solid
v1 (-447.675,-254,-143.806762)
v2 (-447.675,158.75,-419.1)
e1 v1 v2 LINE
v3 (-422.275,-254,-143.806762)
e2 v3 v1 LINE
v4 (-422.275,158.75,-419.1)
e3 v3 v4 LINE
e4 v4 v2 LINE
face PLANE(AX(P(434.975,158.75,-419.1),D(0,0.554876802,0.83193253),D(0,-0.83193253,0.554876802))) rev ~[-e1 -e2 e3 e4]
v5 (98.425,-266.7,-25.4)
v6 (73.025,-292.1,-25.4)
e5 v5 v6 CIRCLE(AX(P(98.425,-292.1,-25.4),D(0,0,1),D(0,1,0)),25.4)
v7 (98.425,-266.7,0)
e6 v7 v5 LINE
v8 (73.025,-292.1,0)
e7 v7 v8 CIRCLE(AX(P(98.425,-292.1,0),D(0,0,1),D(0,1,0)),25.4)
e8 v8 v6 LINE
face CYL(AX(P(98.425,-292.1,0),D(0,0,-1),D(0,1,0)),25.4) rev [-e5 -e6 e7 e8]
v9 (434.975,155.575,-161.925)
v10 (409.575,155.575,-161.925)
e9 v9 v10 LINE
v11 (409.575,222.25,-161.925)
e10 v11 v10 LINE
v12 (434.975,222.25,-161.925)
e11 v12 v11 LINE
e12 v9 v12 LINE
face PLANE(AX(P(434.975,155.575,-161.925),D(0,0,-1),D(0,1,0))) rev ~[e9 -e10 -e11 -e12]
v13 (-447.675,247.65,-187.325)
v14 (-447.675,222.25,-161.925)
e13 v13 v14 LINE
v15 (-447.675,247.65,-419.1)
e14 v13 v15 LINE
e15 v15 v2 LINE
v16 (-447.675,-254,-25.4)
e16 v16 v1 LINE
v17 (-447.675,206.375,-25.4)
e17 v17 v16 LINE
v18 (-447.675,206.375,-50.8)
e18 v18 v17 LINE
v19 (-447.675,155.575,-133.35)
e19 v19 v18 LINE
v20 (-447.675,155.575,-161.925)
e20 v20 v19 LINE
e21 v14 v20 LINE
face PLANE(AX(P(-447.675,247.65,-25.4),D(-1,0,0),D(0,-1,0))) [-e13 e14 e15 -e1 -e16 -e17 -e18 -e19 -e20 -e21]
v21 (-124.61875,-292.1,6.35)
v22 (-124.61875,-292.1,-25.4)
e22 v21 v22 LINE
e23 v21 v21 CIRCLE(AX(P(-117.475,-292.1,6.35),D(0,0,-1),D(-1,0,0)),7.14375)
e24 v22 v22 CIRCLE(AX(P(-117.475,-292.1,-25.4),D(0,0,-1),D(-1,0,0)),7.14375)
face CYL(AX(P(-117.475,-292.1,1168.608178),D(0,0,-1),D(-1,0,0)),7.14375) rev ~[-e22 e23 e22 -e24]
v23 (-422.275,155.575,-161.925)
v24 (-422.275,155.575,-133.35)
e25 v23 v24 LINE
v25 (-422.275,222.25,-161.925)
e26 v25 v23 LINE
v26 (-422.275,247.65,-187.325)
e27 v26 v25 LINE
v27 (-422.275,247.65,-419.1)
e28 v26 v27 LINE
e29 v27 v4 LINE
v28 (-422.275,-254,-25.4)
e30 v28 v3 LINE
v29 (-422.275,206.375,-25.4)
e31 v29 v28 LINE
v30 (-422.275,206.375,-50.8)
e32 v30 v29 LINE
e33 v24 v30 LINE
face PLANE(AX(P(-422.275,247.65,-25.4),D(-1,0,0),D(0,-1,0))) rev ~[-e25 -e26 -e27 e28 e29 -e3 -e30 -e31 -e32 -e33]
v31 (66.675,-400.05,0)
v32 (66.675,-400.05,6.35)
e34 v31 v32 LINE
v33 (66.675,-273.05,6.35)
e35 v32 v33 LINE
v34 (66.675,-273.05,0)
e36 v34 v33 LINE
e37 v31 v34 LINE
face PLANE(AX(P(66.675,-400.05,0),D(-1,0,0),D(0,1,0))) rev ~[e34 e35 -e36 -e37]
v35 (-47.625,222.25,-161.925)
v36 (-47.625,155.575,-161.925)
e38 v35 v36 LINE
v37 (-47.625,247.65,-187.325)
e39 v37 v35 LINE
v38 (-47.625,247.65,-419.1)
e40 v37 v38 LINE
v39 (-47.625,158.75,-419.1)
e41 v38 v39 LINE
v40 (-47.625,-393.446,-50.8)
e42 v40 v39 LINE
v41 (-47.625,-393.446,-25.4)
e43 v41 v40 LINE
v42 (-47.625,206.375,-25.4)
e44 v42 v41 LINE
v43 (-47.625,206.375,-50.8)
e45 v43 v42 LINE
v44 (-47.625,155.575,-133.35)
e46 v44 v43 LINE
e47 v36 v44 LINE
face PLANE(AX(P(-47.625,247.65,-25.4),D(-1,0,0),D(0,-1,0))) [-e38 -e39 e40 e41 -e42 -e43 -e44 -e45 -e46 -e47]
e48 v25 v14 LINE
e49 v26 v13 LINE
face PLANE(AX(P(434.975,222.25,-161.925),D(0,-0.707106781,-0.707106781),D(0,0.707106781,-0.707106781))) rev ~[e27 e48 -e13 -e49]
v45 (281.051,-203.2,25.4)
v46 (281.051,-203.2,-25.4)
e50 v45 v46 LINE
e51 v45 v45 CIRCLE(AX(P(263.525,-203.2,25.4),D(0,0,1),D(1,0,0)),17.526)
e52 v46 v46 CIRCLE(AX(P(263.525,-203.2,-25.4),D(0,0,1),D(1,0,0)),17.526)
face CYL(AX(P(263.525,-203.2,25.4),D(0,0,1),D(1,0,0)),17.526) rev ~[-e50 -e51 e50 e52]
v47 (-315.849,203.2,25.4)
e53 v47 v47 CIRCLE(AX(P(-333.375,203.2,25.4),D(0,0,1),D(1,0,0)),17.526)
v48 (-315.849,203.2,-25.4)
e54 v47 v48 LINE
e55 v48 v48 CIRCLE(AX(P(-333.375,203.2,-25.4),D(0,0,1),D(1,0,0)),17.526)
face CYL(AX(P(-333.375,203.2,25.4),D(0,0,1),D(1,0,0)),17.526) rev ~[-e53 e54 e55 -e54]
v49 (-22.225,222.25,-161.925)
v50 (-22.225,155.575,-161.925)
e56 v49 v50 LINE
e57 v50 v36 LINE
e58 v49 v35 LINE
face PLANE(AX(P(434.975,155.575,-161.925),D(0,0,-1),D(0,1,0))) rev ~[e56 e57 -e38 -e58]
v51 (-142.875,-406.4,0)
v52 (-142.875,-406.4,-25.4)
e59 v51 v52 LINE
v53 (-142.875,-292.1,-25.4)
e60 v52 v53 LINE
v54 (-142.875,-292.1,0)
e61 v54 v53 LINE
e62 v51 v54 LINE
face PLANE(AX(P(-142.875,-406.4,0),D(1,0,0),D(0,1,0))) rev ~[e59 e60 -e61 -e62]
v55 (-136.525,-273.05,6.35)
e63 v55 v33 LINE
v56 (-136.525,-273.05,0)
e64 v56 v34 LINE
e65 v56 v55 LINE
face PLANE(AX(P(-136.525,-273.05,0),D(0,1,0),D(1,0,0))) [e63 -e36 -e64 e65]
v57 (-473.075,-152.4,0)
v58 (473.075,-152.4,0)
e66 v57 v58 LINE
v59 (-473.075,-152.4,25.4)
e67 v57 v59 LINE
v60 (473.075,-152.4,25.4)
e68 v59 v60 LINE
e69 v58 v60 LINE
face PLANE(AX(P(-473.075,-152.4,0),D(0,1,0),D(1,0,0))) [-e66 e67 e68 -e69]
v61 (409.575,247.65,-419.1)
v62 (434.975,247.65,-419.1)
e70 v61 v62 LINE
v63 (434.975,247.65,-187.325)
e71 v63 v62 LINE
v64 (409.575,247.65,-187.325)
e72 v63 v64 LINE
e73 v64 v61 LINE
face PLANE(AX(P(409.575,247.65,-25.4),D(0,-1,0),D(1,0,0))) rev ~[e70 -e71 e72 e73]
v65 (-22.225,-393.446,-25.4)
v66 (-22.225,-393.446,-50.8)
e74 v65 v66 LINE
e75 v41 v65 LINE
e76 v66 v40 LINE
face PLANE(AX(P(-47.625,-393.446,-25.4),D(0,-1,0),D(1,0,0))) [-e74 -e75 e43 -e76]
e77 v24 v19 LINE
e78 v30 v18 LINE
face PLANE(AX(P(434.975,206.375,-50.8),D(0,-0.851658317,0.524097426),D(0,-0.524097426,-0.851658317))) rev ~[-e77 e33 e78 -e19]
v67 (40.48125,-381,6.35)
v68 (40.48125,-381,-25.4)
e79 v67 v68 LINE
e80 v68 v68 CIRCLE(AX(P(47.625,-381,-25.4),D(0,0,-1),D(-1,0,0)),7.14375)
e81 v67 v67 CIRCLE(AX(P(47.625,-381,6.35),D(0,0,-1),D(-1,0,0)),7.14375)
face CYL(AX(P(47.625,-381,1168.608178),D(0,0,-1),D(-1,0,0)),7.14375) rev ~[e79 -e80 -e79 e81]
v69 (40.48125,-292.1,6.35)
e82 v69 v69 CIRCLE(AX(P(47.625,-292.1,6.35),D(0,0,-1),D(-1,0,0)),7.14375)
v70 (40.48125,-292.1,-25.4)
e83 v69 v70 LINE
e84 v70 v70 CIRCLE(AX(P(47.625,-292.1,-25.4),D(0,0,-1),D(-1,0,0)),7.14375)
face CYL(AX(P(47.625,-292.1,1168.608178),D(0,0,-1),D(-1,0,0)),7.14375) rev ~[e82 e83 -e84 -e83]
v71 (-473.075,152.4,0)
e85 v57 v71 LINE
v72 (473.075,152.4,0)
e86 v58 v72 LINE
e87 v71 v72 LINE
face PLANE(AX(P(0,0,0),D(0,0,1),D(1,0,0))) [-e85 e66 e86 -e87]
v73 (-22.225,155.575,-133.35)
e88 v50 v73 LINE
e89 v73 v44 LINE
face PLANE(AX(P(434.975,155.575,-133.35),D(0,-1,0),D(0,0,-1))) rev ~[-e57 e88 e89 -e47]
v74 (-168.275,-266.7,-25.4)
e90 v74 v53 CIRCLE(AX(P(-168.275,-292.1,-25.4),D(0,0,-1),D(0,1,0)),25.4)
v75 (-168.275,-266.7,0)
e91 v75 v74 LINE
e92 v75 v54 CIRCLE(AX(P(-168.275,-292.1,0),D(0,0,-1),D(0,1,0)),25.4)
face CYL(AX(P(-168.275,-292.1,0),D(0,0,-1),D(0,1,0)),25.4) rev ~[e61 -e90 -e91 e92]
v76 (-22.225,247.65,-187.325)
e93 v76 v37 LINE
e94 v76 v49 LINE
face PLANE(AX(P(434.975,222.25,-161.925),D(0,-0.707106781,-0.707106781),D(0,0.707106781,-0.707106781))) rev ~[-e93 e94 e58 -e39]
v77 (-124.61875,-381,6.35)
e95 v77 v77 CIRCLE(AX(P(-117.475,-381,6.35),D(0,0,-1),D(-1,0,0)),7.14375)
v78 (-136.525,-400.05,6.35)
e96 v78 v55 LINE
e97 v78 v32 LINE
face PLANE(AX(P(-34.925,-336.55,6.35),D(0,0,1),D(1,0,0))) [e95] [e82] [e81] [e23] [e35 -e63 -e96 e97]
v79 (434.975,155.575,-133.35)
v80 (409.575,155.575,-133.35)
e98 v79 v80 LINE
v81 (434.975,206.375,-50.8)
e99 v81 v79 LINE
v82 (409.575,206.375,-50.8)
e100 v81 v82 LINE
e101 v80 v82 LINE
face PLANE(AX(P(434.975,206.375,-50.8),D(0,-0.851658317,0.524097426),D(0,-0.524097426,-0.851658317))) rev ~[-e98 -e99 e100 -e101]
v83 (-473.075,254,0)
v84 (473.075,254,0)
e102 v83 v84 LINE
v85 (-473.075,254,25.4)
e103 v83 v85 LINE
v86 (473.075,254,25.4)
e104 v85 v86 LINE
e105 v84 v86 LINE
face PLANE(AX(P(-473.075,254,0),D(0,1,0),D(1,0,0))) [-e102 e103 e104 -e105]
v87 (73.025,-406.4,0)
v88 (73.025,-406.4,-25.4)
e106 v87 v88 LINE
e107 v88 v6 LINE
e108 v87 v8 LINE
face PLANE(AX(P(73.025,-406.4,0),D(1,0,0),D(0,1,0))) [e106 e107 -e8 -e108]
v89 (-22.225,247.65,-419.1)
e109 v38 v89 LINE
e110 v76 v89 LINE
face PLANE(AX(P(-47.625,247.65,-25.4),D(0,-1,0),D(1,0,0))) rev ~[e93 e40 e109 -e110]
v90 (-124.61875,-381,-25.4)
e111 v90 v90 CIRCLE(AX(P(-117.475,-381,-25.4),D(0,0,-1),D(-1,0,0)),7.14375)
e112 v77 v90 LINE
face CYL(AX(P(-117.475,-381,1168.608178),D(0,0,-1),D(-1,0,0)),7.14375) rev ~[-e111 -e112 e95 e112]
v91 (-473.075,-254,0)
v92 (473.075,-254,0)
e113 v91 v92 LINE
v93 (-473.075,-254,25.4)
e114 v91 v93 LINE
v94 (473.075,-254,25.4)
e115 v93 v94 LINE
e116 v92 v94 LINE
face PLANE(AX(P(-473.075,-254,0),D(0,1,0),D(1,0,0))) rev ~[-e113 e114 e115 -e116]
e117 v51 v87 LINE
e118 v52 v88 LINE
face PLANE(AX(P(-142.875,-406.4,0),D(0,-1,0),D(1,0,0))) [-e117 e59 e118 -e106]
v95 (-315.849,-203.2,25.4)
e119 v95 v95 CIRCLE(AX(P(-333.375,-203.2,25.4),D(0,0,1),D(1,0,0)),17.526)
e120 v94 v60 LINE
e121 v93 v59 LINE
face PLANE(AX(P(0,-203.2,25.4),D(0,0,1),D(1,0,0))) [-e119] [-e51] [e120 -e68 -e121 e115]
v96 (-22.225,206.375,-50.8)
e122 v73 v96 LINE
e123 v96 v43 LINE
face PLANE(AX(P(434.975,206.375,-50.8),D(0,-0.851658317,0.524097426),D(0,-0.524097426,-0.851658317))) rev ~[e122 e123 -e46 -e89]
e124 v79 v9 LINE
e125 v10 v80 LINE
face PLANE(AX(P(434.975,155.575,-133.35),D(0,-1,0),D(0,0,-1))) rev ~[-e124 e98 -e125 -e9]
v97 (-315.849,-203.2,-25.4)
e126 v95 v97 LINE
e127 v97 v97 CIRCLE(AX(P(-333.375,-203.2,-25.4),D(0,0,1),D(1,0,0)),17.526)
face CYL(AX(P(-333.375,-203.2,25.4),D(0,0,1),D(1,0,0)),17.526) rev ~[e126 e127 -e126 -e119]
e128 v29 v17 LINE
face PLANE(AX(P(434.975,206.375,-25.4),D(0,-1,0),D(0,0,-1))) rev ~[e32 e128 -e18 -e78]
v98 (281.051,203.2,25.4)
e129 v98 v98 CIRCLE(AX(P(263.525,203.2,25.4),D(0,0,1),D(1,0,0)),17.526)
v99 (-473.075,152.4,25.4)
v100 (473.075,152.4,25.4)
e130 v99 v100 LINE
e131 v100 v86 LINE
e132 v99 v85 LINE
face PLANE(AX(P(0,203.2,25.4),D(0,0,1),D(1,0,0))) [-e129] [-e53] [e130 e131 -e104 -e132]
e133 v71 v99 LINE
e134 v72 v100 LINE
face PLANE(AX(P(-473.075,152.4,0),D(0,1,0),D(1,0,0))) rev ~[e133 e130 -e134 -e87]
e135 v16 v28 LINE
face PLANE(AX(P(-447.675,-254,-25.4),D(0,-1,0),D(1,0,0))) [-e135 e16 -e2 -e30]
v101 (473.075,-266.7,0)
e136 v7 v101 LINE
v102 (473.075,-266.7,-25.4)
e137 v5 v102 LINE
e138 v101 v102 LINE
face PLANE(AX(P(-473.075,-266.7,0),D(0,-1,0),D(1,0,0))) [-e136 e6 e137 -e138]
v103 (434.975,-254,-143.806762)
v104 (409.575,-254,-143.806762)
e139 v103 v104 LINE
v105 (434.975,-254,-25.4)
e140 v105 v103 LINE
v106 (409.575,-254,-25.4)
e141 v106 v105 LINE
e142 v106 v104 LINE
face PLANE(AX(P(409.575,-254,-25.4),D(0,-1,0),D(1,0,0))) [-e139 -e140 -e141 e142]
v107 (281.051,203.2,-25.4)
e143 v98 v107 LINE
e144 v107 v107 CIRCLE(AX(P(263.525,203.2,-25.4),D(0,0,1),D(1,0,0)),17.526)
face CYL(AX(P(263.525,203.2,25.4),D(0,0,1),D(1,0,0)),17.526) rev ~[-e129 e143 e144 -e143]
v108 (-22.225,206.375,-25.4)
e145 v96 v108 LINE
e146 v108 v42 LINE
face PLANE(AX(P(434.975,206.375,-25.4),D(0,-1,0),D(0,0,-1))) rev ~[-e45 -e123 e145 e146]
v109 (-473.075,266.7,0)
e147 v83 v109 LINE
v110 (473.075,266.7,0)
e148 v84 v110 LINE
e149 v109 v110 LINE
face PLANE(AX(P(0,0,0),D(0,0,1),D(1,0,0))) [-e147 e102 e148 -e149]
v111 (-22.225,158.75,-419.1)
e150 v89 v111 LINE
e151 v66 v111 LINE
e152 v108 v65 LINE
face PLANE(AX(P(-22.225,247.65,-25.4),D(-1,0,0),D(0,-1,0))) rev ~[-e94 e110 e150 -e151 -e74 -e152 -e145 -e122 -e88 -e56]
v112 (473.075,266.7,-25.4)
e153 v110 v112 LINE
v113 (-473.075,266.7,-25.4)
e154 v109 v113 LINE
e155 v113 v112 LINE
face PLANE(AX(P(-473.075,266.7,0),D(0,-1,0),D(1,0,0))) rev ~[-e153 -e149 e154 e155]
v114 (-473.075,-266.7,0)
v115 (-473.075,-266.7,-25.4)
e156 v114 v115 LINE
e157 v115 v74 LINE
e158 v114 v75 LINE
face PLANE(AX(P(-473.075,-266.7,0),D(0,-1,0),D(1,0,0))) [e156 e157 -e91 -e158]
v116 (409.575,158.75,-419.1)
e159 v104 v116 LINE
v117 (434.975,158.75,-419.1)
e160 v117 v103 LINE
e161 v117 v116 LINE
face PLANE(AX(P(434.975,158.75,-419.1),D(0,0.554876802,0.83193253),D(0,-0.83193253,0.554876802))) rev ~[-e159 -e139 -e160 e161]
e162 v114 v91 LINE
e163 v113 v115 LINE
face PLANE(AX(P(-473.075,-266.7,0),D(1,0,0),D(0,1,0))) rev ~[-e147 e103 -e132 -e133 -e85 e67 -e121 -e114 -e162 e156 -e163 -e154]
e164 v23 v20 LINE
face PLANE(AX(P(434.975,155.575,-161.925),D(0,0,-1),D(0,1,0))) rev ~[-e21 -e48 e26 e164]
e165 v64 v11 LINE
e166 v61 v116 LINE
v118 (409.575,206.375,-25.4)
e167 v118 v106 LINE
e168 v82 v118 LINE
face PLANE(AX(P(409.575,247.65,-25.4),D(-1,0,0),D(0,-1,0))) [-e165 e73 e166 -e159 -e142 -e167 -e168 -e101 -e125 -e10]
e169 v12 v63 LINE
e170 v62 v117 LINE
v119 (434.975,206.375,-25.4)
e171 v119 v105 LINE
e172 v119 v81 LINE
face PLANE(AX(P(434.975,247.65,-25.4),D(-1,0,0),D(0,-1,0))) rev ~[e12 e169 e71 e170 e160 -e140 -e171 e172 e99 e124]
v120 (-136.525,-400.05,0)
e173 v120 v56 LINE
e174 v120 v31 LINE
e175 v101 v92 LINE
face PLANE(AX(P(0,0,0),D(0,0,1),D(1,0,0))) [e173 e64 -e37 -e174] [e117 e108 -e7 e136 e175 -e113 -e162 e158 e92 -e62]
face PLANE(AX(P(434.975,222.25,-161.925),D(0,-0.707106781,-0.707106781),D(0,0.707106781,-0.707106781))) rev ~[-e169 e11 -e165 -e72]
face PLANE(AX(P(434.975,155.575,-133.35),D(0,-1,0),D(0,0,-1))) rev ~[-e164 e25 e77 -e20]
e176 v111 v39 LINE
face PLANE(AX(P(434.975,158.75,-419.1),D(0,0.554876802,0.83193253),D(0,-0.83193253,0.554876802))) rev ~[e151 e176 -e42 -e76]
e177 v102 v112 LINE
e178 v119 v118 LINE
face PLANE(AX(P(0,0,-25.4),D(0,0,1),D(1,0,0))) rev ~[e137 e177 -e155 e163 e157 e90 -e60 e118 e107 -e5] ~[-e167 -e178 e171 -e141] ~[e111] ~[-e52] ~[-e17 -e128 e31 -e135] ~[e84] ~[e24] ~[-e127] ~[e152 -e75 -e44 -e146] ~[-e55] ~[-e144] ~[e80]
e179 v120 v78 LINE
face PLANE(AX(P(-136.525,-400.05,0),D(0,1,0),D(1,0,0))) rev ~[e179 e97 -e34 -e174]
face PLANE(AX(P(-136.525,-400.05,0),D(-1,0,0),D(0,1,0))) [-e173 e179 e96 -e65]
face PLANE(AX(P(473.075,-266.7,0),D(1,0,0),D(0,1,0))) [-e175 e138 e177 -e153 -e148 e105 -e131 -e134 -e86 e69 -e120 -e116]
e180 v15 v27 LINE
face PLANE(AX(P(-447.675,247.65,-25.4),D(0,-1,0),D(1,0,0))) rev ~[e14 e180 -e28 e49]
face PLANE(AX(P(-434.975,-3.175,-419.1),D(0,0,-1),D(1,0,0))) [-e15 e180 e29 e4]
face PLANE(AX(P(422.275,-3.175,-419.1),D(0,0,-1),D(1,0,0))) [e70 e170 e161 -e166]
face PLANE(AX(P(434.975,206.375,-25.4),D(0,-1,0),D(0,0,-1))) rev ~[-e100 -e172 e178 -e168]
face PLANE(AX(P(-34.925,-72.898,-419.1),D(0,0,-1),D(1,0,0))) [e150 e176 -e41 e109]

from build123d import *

# Parameters (mm, degrees)
F0_W      = 946.15
F0_H      = 533.4
F1_DEPTH  = 25.4
F2_W      = 215.9
F2_H      = 139.7
F3_DEPTH  = 25.4
F4_R      = 25.4
F5_W      = 946.15
F5_H      = 101.6
F6_DEPTH  = 25.4
F7_R      = 17.526
F8_DEPTH  = 50.801
F9_W      = 203.2
F9_H      = 127
F10_DEPTH = 6.35
F12_D     = 14.2875
F13_W     = 25.4
F13_H     = 501.65
F13_H_2   = 641.096
F14_DEPTH = 393.7
F16_DEPTH = 908.051
F18_DEPTH = 908.051


with BuildPart() as f1:
    # F0 (on Top) → F1 (new body)
    with BuildSketch(Plane.XY):
        Rectangle(F0_W, F0_H)
    extrude(amount=-F1_DEPTH)

    # F2 (on face) → F3 (join)
    with BuildSketch(Plane.XY):
        with Locations((-34.925, -336.55)):
            Rectangle(F2_W, F2_H)
    extrude(amount=-F3_DEPTH)

    # F4
    f4_edges = [f1.edges().sort_by_distance(p)[0] for p in [
        (-142.875, -266.7, -12.7),
        (73.025, -266.7, -12.7),
    ]]
    fillet(f4_edges, radius=F4_R)

    # F5 (on face) → F6 (join)
    with BuildSketch(Plane.XY):
        with Locations((0, 203.2)):
            Rectangle(F5_W, F5_H)
        with Locations((0, -203.2)):
            Rectangle(F5_W, F5_H)
    extrude(amount=F6_DEPTH)

    # F7 (on face) → F8 (cut, through all)
    with BuildSketch(Plane.XY.offset(25.4)):
        with Locations((-333.375, 203.2)):
            Circle(F7_R)
        with Locations((-333.375, -203.2)):
            Circle(F7_R)
        with Locations((263.525, -203.2)):
            Circle(F7_R)
        with Locations((263.525, 203.2)):
            Circle(F7_R)
    extrude(amount=-F8_DEPTH, mode=Mode.SUBTRACT)

    # F9 (on face) → F10 (join)
    with BuildSketch(Plane.XY):
        with Locations((-34.925, -336.55)):
            Rectangle(F9_W, F9_H)
    extrude(amount=F10_DEPTH)

    # F12 (through all)
    with Locations(Plane.XY.offset(6.35)):
        with Locations((-117.475, -292.1), (-117.475, -381), (47.625, -292.1), (47.625, -381)):
            Hole(F12_D / 2)

    # F13 (on face) → F14 (join)
    with BuildSketch(Plane(origin=(0, 0, -25.4), x_dir=(1, 0, 0), z_dir=(0, 0, -1))):
        with Locations((422.275, 3.175)):
            Rectangle(F13_W, F13_H)
        with Locations((-34.925, 72.898)):
            Rectangle(F13_W, F13_H_2)
        with Locations((-434.975, 3.175)):
            Rectangle(F13_W, F13_H)
    extrude(amount=F14_DEPTH)

    # F15 (on face) → F16 (cut, through all)
    with BuildSketch(Plane.YZ.offset(434.975)):
        Polygon((158.75, -419.1), (-393.446, -50.8), (-393.446, -419.1), align=None)
    extrude(amount=-F16_DEPTH, mode=Mode.SUBTRACT)

    # F17 (on face) → F18 (cut, through all)
    with BuildSketch(Plane.YZ.offset(434.975)):
        Polygon((155.575, -133.35), (155.575, -161.925), (222.25, -161.925), (247.65, -187.325), (247.65, -25.4), (206.375, -25.4), (206.375, -50.8), align=None)
    extrude(amount=-F18_DEPTH, mode=Mode.SUBTRACT)


solid = f1.part
